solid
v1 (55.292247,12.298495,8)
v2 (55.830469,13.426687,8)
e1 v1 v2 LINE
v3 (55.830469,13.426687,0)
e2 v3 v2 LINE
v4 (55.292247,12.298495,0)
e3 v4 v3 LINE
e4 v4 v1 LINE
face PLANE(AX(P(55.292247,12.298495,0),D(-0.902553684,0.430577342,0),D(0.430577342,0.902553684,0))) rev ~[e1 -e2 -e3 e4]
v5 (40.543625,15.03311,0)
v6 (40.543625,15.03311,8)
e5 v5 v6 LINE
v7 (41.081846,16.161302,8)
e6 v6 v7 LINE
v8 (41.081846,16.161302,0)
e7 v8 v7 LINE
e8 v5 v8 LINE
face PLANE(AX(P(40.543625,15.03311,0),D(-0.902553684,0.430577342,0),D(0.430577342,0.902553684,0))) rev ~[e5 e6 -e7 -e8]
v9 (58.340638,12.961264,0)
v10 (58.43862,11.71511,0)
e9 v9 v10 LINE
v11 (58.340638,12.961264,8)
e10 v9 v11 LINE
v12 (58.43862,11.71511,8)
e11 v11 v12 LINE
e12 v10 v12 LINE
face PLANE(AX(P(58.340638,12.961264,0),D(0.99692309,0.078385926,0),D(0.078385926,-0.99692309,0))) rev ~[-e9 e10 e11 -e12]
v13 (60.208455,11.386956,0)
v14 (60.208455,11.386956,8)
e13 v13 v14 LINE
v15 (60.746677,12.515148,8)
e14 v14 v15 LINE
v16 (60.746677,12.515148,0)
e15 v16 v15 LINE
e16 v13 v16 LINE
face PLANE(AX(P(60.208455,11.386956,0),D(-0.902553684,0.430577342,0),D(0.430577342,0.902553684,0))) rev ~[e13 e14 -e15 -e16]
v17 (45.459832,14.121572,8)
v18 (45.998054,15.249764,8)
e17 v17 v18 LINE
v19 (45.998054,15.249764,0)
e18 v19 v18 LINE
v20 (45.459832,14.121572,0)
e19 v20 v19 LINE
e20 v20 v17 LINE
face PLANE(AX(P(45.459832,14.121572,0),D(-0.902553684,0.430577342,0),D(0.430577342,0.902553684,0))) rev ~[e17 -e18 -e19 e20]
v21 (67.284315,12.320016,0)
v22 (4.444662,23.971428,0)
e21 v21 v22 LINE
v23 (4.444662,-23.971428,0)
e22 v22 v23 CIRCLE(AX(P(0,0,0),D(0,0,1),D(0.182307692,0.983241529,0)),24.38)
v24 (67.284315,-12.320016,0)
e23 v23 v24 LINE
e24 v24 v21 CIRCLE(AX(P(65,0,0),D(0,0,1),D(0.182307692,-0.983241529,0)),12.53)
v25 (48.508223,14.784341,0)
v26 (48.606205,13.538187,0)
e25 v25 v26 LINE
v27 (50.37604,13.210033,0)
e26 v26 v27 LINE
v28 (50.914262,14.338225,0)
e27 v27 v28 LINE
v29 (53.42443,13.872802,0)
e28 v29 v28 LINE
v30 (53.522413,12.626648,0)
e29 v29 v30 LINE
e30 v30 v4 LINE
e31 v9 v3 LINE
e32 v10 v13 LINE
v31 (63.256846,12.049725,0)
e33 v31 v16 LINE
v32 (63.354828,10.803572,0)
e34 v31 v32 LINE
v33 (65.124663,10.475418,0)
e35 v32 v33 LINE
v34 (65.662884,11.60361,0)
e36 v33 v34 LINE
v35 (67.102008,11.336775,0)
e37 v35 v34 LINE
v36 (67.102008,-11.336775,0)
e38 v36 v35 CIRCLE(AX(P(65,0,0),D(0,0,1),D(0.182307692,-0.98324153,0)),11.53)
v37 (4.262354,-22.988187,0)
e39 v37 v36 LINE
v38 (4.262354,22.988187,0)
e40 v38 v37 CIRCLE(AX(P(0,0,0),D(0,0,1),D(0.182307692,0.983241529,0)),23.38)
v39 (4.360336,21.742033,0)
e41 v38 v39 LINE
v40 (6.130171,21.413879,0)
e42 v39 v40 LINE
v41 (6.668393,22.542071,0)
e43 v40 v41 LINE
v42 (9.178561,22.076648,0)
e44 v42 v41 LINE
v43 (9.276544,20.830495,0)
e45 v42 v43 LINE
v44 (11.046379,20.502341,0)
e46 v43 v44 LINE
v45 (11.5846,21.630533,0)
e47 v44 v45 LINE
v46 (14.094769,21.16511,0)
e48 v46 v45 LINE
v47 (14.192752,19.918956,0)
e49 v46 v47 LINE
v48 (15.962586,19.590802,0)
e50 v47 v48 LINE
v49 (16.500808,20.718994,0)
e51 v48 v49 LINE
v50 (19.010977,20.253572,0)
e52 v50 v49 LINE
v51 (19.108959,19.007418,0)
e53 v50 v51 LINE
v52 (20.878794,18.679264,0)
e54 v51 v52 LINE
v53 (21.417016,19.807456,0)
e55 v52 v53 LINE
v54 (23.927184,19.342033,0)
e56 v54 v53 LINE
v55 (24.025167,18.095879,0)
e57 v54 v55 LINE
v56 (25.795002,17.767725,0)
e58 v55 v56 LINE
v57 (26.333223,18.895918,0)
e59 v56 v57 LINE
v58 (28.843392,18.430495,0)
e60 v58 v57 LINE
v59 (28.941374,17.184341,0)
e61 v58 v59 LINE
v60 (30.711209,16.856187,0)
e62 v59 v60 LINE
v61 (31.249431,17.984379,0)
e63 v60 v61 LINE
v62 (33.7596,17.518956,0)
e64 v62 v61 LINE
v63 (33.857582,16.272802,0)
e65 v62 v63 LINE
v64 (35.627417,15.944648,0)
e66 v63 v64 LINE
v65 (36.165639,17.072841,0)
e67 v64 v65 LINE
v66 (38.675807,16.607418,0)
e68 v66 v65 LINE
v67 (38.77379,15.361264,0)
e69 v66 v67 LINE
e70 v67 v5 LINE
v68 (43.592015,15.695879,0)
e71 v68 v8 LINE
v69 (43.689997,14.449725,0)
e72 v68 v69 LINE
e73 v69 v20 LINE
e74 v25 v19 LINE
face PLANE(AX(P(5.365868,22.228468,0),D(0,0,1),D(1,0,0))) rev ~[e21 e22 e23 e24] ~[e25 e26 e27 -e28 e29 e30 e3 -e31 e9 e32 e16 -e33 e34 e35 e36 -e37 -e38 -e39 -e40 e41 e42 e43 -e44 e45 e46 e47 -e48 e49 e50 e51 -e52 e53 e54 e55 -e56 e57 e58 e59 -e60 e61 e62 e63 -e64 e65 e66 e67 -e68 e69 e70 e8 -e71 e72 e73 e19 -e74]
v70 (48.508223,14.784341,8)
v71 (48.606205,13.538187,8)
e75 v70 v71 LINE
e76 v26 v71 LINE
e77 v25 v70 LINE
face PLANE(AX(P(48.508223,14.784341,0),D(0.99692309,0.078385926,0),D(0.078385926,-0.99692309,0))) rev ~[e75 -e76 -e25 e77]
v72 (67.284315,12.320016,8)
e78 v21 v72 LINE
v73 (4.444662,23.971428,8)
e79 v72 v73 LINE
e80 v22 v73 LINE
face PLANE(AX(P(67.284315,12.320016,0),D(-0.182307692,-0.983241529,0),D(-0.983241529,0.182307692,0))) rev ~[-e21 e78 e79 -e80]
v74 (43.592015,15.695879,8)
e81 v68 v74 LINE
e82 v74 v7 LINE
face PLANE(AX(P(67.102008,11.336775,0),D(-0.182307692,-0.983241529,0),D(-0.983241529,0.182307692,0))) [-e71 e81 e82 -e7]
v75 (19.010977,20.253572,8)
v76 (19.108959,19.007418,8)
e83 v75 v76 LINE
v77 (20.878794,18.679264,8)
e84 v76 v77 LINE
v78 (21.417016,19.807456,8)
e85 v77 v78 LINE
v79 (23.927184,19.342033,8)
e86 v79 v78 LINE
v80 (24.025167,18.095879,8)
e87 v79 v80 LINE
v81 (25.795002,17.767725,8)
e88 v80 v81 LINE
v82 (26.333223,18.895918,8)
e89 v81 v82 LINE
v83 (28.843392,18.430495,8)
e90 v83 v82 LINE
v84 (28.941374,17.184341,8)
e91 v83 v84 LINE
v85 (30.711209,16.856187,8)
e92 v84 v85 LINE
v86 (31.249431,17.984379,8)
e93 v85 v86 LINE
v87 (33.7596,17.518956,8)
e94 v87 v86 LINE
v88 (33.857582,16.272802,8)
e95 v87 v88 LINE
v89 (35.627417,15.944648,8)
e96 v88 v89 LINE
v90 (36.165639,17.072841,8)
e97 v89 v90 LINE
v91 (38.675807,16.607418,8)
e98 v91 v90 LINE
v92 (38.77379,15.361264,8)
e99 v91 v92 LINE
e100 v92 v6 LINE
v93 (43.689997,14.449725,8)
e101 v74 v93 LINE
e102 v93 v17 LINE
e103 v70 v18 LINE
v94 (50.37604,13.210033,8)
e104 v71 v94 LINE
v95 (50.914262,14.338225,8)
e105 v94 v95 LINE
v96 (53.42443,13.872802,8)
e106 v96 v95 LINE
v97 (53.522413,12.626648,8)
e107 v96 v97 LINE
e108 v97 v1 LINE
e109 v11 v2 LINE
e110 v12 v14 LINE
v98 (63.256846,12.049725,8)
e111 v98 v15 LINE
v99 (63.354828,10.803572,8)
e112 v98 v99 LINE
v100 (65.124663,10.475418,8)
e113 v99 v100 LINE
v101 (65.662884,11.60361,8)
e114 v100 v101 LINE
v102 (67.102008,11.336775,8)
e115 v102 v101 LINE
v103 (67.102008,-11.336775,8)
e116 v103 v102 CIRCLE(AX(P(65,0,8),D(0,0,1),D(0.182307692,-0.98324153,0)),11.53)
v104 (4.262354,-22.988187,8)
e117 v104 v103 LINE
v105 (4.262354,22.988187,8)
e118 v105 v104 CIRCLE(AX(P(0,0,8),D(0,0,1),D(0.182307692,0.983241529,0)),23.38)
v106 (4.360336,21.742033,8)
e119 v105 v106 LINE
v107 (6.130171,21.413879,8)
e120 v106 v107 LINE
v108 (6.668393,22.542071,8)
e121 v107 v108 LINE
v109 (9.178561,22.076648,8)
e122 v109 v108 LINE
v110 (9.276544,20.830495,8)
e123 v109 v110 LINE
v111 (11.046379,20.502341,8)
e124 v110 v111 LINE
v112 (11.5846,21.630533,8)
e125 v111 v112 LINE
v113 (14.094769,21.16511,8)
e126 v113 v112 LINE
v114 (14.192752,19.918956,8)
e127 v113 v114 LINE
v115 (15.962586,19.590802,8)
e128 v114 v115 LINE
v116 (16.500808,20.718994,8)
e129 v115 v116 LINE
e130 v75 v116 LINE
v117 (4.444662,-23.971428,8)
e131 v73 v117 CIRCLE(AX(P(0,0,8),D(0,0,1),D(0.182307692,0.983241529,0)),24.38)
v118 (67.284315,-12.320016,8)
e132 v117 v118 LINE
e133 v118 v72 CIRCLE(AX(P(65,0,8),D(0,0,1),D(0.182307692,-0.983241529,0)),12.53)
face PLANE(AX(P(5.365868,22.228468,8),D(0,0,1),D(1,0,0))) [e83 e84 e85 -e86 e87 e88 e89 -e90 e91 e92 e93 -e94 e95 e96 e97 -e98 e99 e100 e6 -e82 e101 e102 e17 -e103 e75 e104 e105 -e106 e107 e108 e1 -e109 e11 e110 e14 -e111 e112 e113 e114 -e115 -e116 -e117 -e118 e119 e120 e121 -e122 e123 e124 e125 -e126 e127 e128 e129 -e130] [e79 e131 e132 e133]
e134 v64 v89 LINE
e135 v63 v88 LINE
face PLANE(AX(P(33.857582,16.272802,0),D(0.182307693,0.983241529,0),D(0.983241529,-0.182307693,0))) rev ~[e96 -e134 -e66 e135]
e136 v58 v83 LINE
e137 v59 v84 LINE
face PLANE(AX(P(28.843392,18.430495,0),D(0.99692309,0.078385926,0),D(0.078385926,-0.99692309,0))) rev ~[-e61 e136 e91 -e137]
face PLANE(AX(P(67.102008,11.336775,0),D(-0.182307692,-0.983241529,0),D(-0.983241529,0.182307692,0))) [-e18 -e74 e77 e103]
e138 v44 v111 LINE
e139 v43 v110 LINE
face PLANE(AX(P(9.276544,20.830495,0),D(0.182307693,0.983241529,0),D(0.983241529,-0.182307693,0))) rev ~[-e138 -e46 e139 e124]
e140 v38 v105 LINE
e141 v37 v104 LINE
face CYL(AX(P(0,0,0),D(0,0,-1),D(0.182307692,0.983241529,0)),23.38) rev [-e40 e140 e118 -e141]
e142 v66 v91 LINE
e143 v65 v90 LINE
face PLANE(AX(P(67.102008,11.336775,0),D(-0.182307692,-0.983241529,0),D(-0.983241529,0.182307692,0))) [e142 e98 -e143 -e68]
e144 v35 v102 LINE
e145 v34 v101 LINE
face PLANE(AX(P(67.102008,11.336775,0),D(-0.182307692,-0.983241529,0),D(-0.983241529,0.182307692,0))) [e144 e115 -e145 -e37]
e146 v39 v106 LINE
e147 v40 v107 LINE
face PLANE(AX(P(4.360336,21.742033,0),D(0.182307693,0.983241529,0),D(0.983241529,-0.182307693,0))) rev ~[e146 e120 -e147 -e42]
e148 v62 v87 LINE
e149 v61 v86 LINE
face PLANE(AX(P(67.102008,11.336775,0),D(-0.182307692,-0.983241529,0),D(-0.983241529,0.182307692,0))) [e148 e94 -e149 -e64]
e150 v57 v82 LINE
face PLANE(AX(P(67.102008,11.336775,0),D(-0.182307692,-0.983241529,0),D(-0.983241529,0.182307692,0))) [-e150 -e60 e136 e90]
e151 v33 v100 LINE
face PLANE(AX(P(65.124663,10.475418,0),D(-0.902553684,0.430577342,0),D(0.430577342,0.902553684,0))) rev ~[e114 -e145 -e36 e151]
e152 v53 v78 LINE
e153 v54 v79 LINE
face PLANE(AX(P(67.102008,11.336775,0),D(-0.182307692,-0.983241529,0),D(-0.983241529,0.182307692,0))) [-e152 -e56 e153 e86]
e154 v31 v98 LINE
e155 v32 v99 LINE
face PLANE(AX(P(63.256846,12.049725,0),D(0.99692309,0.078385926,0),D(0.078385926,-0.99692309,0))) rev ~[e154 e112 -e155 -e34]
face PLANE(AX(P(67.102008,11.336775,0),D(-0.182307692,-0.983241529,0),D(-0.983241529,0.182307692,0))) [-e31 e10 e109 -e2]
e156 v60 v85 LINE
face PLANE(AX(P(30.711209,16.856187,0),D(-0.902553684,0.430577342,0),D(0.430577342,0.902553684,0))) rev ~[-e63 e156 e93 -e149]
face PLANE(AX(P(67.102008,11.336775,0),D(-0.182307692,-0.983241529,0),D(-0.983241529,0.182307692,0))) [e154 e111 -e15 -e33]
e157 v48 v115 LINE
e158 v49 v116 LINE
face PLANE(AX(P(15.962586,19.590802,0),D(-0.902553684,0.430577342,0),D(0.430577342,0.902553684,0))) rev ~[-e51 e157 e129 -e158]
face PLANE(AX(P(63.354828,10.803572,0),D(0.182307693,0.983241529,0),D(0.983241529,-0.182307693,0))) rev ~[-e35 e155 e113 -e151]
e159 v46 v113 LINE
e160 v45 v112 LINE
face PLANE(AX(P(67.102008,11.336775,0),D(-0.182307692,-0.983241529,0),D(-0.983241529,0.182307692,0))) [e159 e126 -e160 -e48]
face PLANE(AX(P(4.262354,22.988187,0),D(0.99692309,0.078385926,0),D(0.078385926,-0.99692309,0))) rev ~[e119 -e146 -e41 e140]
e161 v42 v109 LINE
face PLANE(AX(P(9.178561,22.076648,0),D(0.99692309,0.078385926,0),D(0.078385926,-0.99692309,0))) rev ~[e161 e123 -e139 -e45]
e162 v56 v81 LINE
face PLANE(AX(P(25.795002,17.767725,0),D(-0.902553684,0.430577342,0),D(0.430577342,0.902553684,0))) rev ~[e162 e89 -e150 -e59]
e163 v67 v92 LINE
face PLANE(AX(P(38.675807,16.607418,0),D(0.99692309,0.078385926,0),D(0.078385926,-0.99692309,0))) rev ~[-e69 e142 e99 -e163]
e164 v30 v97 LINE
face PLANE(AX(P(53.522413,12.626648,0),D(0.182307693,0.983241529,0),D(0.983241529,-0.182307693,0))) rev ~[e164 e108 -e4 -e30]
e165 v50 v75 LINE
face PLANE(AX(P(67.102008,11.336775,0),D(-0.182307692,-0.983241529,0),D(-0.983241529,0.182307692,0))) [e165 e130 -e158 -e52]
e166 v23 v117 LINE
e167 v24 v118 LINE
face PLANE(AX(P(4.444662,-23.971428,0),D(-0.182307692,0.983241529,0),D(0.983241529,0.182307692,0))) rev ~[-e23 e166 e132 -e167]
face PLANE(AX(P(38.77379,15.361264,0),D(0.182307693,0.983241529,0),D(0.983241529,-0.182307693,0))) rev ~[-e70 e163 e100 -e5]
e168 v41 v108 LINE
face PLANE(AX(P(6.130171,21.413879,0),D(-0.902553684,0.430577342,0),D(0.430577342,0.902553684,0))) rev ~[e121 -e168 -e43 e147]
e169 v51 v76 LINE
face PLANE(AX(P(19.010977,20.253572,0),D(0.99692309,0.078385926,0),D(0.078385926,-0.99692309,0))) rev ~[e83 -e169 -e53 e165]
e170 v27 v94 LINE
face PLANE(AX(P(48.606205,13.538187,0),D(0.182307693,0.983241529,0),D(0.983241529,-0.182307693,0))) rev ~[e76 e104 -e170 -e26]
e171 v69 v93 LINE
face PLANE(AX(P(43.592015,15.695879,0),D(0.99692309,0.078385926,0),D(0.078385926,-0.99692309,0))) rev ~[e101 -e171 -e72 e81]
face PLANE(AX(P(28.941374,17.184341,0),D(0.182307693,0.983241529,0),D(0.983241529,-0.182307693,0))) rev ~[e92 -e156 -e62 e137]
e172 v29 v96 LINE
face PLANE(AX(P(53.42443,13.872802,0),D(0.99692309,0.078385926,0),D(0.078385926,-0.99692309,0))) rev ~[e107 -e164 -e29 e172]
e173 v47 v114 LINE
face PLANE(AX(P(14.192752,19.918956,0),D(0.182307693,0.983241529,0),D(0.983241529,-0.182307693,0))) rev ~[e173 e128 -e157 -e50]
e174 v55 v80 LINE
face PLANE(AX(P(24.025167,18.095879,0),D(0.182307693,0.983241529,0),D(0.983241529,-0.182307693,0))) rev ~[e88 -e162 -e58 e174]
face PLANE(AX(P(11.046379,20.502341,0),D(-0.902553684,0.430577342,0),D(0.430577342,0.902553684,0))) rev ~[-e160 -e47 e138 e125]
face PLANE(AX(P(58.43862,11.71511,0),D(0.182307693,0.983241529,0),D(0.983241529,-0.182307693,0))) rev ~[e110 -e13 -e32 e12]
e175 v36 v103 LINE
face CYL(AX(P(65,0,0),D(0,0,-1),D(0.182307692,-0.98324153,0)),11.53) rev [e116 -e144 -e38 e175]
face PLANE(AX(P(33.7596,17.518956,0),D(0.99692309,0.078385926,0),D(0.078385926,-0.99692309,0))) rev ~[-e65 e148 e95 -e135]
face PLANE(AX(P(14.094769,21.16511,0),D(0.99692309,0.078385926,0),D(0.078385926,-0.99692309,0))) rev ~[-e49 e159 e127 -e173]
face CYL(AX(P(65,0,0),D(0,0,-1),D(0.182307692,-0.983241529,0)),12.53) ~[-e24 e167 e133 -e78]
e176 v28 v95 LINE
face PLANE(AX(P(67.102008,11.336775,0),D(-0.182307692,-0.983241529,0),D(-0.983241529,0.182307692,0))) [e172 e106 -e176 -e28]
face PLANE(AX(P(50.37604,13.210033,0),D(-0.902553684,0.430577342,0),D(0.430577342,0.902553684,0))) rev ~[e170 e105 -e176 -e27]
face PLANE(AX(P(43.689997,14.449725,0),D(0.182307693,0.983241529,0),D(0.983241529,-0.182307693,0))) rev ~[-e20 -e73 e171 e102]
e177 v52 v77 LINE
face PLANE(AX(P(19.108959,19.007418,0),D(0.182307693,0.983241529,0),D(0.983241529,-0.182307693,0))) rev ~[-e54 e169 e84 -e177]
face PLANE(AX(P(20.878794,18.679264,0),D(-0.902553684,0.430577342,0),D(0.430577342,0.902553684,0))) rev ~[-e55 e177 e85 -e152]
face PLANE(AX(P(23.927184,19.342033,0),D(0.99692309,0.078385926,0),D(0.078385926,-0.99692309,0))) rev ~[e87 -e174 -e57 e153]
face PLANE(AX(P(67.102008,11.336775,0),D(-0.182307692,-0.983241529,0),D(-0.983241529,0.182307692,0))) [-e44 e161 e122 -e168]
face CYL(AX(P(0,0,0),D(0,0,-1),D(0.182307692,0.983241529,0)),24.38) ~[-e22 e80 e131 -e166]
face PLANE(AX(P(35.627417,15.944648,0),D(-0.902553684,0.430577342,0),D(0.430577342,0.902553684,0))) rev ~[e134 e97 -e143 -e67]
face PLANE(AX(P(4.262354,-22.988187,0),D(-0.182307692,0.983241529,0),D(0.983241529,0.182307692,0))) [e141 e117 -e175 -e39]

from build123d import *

# Parameters (mm, degrees)
BOSS_EXTRUDE1_DEPTH = 8
BOSS_EXTRUDE2_DEPTH = 8
CRVPATTERN1_COUNT   = 48
CRVPATTERN1_PITCH   = 5


with BuildPart() as part:
    # Sketch2 → Boss-Extrude1 (new body)
    with BuildSketch(Plane.XY):
        with BuildLine():
            Line((67.284315385, 12.320016365), (4.444661538, 23.971428489))
            ThreePointArc((4.444661538, 23.971428489), (-24.38, 0), (4.444661538, -23.971428489))
            Line((4.444661538, -23.971428489), (67.284315385, -12.320016365))
            ThreePointArc((67.284315385, -12.320016365), (77.53, 0), (67.284315385, 12.320016365))
        make_face()
        with BuildLine():
            Line((4.262353846, -22.98818696), (67.102007692, -11.336774835))
            ThreePointArc((67.102007692, -11.336774835), (76.53, 0), (67.102007692, 11.336774835))
            Line((67.102007692, 11.336774835), (4.262353846, 22.98818696))
            ThreePointArc((4.262353846, 22.98818696), (-23.38, 0), (4.262353846, -22.98818696))
        make_face(mode=Mode.SUBTRACT)
    extrude(amount=BOSS_EXTRUDE1_DEPTH)

    # Sketch4 → Boss-Extrude2 (add)
    with BuildSketch(Plane.XY):
        Polygon((4.262353846, 22.98818696), (4.360336253, 21.742033098), (6.130171006, 21.413879251), (6.668392684, 22.542071356), align=None)
    boss_extrude2 = extrude(amount=BOSS_EXTRUDE2_DEPTH)

    # CrvPattern1: Boss-Extrude2 ×48, 35 skipped
    with Locations(*[Vector(0.9832415295345763, -0.18230769209911846, 0) * (i * CRVPATTERN1_PITCH) for i in range(1, CRVPATTERN1_COUNT) if i not in (13, 14, 15, 16, 17, 18, 19, 20, 21, 22, 23, 24, 25, 26, 27, 28, 29, 30, 31, 32, 33, 34, 35, 36, 37, 38, 39, 40, 41, 42, 43, 44, 45, 46, 47)]):
        add(boss_extrude2)


solid = part.part
